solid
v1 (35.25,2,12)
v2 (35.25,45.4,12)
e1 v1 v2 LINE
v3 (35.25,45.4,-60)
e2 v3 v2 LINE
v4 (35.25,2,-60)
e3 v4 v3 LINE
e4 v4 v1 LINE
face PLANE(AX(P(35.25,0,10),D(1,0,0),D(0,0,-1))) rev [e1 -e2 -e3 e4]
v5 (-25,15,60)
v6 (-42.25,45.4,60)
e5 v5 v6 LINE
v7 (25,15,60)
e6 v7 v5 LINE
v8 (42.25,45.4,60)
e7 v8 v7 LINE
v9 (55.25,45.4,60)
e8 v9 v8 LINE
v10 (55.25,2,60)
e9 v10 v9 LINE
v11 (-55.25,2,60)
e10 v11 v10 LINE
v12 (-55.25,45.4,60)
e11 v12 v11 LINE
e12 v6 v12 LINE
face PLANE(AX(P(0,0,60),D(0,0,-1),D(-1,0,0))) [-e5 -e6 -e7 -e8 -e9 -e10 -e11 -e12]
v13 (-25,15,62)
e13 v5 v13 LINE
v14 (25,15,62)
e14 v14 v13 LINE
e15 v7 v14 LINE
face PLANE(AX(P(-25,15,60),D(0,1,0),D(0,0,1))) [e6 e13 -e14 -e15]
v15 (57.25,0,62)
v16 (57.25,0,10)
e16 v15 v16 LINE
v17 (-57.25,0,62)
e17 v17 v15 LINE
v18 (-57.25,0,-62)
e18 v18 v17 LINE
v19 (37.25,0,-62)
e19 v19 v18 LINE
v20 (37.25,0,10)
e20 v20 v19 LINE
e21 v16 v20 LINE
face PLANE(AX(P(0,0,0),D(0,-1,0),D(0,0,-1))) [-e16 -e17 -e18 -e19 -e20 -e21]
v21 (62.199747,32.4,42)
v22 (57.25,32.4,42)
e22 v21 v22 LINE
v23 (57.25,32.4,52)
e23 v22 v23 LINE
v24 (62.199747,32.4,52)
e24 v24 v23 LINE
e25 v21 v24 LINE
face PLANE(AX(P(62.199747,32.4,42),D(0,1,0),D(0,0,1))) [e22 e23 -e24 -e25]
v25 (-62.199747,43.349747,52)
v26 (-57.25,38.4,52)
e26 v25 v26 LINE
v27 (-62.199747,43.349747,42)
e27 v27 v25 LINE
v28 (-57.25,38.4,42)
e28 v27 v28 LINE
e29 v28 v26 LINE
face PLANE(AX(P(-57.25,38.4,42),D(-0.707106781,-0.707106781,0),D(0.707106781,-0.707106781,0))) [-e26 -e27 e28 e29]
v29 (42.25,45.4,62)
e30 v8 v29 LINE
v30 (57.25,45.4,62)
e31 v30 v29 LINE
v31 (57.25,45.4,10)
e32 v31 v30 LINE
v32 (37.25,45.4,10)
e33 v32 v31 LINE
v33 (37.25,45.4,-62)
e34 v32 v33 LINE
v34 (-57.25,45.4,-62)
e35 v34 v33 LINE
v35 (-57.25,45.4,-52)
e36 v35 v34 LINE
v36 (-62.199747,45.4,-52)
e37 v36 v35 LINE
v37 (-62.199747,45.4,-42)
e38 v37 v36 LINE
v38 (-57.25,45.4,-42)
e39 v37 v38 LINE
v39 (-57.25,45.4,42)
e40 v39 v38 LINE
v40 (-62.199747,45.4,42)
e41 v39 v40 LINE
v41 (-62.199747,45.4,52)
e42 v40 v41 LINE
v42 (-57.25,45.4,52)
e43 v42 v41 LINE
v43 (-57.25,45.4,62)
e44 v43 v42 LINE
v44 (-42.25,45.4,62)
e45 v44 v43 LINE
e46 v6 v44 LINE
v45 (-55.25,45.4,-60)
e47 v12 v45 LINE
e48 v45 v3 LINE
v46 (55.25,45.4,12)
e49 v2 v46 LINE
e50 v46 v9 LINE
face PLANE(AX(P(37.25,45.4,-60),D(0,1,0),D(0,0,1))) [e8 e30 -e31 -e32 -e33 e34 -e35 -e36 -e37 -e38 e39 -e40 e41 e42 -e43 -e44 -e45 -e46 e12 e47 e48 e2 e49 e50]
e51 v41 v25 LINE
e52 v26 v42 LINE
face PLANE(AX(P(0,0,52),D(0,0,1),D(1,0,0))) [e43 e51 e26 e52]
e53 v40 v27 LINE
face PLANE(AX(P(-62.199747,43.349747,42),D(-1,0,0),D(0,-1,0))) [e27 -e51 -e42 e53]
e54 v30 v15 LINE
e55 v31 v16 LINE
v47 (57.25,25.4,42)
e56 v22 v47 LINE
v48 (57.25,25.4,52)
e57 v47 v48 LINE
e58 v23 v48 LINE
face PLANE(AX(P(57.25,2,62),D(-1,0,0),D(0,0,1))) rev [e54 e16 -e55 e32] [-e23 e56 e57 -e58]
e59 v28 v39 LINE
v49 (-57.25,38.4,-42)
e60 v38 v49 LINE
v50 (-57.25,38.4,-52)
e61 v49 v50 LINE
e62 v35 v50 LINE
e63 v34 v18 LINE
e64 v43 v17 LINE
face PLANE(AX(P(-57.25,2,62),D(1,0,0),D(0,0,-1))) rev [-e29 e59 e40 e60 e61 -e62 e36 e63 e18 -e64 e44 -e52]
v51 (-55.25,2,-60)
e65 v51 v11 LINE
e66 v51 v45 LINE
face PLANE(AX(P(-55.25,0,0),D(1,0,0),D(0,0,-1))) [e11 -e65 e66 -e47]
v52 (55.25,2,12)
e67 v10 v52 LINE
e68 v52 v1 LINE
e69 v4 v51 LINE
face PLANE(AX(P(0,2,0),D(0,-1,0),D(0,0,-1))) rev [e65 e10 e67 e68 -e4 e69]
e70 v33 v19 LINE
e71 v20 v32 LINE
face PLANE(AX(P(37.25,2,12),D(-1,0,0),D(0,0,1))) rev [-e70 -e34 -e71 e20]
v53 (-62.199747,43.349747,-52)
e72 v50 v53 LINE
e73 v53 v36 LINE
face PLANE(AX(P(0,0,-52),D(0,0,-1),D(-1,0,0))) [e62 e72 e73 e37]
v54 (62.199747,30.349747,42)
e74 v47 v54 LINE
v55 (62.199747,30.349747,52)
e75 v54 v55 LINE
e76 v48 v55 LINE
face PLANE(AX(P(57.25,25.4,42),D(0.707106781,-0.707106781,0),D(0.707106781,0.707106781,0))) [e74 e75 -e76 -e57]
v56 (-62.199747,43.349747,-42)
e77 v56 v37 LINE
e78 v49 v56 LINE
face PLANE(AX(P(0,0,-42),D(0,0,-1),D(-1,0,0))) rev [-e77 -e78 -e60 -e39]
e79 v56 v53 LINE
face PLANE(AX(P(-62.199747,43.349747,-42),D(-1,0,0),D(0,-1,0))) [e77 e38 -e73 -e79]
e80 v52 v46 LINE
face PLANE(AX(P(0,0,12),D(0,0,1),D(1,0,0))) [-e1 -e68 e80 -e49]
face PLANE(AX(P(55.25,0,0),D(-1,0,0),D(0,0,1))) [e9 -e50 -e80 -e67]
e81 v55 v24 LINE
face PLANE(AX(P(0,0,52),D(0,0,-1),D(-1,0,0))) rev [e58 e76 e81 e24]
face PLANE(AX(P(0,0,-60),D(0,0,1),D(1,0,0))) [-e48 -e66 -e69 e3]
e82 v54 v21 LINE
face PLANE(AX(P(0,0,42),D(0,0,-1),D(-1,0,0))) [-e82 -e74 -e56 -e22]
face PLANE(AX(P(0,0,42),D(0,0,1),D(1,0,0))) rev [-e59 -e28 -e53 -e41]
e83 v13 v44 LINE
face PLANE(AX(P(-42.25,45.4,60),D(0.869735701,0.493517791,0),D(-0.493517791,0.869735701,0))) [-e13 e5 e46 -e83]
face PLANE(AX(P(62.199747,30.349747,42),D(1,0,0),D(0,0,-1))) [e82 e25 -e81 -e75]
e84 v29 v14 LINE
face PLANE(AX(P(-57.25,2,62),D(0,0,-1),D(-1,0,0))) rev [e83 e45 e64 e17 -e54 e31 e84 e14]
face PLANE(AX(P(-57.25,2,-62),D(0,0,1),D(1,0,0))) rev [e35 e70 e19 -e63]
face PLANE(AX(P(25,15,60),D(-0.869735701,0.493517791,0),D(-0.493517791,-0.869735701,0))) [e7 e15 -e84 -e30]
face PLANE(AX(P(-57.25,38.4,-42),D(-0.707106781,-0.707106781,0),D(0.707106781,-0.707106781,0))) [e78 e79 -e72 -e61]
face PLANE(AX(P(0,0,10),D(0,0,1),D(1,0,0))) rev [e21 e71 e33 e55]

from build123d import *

# Parameters (mm, degrees)
RESSALTO_EXTRUS_O1_DEPTH  = 2
ESBO_O2_W                 = 94.5
ESBO_O2_H                 = 45.4
RESSALTO_EXTRUS_O2_DEPTH  = 2
RESSALTO_EXTRUS_O3_DEPTH  = 2
ESBO_O4_W                 = 124
ESBO_O4_H                 = 45.4
RESSALTO_EXTRUS_O4_DEPTH  = 2
ESBO_O5_W                 = 50
ESBO_O5_H                 = 45.4
RESSALTO_EXTRUS_O5_DEPTH  = 2
RESSALTO_EXTRUS_O6_START  = -10
RESSALTO_EXTRUS_O6_DEPTH  = 10
RESSALTO_EXTRUS_O7_START  = -10
RESSALTO_EXTRUS_O7_DEPTH  = 10
RESSALTO_EXTRUS_O8_START  = -10
RESSALTO_EXTRUS_O8_DEPTH  = 10
ESBO_O11_W                = 22
ESBO_O11_H                = 45.4
RESSALTO_EXTRUS_O9_DEPTH  = 2
ESBO_O14_W                = 72
ESBO_O14_H                = 45.4
RESSALTO_EXTRUS_O14_DEPTH = 2


with BuildPart() as part:
    # Esboço1 → Ressalto-extrusão1 (new body)
    with BuildSketch(Plane(origin=(0, 0, 0), x_dir=(1, 0, 0), z_dir=(0, 1, 0))):
        Polygon((57.25, -12), (37.25, -12), (37.25, 62), (-57.25, 62), (-57.25, -62), (57.25, -62), align=None)
    extrude(amount=RESSALTO_EXTRUS_O1_DEPTH)

    # Esboço2 → Ressalto-extrusão2 (add)
    with BuildSketch(Plane(origin=(0, 0, -62), x_dir=(-1, 0, 0), z_dir=(0, 0, -1))):
        with Locations((10, 22.7)):
            Rectangle(ESBO_O2_W, ESBO_O2_H)
    extrude(amount=-RESSALTO_EXTRUS_O2_DEPTH)

    # Esboço3 → Ressalto-extrusão3 (add)
    with BuildSketch(Plane.XY.offset(62)):
        Polygon((-57.25, 0), (-57.25, 45.4), (-42.25, 45.4), (-25, 15), (25, 15), (42.25, 45.4), (57.25, 45.4), (57.25, 0), align=None)
    extrude(amount=-RESSALTO_EXTRUS_O3_DEPTH)

    # Esboço4 → Ressalto-extrusão4 (add)
    with BuildSketch(Plane.ZY.offset(57.25)):
        with Locations((0, 22.7)):
            Rectangle(ESBO_O4_W, ESBO_O4_H)
    extrude(amount=-RESSALTO_EXTRUS_O4_DEPTH)

    # Esboço5 → Ressalto-extrusão5 (add)
    with BuildSketch(Plane(origin=(57.25, 0, 0), x_dir=(0, 0, -1), z_dir=(1, 0, 0))):
        with Locations((-37, 22.7)):
            Rectangle(ESBO_O5_W, ESBO_O5_H)
    extrude(amount=-RESSALTO_EXTRUS_O5_DEPTH)

    # Esboço6 → Ressalto-extrusão6 (add)
    with BuildSketch(Plane.XY.offset(62).offset(RESSALTO_EXTRUS_O6_START)):
        Polygon((57.25, 25.4), (62.199747468, 30.349747468), (62.199747468, 32.4), (57.25, 32.4), align=None)
    extrude(amount=-RESSALTO_EXTRUS_O6_DEPTH)

    # Esboço8 → Ressalto-extrusão7 (add)
    with BuildSketch(Plane.XY.offset(62).offset(RESSALTO_EXTRUS_O7_START)):
        Polygon((-57.25, 38.4), (-62.199747468, 43.349747468), (-62.199747468, 45.4), (-57.25, 45.4), align=None)
    extrude(amount=-RESSALTO_EXTRUS_O7_DEPTH)

    # Esboço10 → Ressalto-extrusão8 (add)
    with BuildSketch(Plane(origin=(0, 0, -62), x_dir=(-1, 0, 0), z_dir=(0, 0, -1)).offset(RESSALTO_EXTRUS_O8_START)):
        Polygon((57.25, 45.4), (57.25, 38.4), (62.199747468, 43.349747468), (62.199747468, 45.4), align=None)
    extrude(amount=-RESSALTO_EXTRUS_O8_DEPTH)

    # Esboço11 → Ressalto-extrusão9 (add)
    with BuildSketch(Plane(origin=(0, 0, 12), x_dir=(-1, 0, 0), z_dir=(0, 0, -1))):
        with Locations((-46.25, 22.7)):
            Rectangle(ESBO_O11_W, ESBO_O11_H)
    extrude(amount=RESSALTO_EXTRUS_O9_DEPTH)

    # Esboço14 → Ressalto-extrusão14 (add)
    with BuildSketch(Plane(origin=(37.25, 0, 0), x_dir=(0, 0, -1), z_dir=(1, 0, 0))):
        with Locations((26, 22.7)):
            Rectangle(ESBO_O14_W, ESBO_O14_H)
    extrude(amount=-RESSALTO_EXTRUS_O14_DEPTH)


solid = part.part
